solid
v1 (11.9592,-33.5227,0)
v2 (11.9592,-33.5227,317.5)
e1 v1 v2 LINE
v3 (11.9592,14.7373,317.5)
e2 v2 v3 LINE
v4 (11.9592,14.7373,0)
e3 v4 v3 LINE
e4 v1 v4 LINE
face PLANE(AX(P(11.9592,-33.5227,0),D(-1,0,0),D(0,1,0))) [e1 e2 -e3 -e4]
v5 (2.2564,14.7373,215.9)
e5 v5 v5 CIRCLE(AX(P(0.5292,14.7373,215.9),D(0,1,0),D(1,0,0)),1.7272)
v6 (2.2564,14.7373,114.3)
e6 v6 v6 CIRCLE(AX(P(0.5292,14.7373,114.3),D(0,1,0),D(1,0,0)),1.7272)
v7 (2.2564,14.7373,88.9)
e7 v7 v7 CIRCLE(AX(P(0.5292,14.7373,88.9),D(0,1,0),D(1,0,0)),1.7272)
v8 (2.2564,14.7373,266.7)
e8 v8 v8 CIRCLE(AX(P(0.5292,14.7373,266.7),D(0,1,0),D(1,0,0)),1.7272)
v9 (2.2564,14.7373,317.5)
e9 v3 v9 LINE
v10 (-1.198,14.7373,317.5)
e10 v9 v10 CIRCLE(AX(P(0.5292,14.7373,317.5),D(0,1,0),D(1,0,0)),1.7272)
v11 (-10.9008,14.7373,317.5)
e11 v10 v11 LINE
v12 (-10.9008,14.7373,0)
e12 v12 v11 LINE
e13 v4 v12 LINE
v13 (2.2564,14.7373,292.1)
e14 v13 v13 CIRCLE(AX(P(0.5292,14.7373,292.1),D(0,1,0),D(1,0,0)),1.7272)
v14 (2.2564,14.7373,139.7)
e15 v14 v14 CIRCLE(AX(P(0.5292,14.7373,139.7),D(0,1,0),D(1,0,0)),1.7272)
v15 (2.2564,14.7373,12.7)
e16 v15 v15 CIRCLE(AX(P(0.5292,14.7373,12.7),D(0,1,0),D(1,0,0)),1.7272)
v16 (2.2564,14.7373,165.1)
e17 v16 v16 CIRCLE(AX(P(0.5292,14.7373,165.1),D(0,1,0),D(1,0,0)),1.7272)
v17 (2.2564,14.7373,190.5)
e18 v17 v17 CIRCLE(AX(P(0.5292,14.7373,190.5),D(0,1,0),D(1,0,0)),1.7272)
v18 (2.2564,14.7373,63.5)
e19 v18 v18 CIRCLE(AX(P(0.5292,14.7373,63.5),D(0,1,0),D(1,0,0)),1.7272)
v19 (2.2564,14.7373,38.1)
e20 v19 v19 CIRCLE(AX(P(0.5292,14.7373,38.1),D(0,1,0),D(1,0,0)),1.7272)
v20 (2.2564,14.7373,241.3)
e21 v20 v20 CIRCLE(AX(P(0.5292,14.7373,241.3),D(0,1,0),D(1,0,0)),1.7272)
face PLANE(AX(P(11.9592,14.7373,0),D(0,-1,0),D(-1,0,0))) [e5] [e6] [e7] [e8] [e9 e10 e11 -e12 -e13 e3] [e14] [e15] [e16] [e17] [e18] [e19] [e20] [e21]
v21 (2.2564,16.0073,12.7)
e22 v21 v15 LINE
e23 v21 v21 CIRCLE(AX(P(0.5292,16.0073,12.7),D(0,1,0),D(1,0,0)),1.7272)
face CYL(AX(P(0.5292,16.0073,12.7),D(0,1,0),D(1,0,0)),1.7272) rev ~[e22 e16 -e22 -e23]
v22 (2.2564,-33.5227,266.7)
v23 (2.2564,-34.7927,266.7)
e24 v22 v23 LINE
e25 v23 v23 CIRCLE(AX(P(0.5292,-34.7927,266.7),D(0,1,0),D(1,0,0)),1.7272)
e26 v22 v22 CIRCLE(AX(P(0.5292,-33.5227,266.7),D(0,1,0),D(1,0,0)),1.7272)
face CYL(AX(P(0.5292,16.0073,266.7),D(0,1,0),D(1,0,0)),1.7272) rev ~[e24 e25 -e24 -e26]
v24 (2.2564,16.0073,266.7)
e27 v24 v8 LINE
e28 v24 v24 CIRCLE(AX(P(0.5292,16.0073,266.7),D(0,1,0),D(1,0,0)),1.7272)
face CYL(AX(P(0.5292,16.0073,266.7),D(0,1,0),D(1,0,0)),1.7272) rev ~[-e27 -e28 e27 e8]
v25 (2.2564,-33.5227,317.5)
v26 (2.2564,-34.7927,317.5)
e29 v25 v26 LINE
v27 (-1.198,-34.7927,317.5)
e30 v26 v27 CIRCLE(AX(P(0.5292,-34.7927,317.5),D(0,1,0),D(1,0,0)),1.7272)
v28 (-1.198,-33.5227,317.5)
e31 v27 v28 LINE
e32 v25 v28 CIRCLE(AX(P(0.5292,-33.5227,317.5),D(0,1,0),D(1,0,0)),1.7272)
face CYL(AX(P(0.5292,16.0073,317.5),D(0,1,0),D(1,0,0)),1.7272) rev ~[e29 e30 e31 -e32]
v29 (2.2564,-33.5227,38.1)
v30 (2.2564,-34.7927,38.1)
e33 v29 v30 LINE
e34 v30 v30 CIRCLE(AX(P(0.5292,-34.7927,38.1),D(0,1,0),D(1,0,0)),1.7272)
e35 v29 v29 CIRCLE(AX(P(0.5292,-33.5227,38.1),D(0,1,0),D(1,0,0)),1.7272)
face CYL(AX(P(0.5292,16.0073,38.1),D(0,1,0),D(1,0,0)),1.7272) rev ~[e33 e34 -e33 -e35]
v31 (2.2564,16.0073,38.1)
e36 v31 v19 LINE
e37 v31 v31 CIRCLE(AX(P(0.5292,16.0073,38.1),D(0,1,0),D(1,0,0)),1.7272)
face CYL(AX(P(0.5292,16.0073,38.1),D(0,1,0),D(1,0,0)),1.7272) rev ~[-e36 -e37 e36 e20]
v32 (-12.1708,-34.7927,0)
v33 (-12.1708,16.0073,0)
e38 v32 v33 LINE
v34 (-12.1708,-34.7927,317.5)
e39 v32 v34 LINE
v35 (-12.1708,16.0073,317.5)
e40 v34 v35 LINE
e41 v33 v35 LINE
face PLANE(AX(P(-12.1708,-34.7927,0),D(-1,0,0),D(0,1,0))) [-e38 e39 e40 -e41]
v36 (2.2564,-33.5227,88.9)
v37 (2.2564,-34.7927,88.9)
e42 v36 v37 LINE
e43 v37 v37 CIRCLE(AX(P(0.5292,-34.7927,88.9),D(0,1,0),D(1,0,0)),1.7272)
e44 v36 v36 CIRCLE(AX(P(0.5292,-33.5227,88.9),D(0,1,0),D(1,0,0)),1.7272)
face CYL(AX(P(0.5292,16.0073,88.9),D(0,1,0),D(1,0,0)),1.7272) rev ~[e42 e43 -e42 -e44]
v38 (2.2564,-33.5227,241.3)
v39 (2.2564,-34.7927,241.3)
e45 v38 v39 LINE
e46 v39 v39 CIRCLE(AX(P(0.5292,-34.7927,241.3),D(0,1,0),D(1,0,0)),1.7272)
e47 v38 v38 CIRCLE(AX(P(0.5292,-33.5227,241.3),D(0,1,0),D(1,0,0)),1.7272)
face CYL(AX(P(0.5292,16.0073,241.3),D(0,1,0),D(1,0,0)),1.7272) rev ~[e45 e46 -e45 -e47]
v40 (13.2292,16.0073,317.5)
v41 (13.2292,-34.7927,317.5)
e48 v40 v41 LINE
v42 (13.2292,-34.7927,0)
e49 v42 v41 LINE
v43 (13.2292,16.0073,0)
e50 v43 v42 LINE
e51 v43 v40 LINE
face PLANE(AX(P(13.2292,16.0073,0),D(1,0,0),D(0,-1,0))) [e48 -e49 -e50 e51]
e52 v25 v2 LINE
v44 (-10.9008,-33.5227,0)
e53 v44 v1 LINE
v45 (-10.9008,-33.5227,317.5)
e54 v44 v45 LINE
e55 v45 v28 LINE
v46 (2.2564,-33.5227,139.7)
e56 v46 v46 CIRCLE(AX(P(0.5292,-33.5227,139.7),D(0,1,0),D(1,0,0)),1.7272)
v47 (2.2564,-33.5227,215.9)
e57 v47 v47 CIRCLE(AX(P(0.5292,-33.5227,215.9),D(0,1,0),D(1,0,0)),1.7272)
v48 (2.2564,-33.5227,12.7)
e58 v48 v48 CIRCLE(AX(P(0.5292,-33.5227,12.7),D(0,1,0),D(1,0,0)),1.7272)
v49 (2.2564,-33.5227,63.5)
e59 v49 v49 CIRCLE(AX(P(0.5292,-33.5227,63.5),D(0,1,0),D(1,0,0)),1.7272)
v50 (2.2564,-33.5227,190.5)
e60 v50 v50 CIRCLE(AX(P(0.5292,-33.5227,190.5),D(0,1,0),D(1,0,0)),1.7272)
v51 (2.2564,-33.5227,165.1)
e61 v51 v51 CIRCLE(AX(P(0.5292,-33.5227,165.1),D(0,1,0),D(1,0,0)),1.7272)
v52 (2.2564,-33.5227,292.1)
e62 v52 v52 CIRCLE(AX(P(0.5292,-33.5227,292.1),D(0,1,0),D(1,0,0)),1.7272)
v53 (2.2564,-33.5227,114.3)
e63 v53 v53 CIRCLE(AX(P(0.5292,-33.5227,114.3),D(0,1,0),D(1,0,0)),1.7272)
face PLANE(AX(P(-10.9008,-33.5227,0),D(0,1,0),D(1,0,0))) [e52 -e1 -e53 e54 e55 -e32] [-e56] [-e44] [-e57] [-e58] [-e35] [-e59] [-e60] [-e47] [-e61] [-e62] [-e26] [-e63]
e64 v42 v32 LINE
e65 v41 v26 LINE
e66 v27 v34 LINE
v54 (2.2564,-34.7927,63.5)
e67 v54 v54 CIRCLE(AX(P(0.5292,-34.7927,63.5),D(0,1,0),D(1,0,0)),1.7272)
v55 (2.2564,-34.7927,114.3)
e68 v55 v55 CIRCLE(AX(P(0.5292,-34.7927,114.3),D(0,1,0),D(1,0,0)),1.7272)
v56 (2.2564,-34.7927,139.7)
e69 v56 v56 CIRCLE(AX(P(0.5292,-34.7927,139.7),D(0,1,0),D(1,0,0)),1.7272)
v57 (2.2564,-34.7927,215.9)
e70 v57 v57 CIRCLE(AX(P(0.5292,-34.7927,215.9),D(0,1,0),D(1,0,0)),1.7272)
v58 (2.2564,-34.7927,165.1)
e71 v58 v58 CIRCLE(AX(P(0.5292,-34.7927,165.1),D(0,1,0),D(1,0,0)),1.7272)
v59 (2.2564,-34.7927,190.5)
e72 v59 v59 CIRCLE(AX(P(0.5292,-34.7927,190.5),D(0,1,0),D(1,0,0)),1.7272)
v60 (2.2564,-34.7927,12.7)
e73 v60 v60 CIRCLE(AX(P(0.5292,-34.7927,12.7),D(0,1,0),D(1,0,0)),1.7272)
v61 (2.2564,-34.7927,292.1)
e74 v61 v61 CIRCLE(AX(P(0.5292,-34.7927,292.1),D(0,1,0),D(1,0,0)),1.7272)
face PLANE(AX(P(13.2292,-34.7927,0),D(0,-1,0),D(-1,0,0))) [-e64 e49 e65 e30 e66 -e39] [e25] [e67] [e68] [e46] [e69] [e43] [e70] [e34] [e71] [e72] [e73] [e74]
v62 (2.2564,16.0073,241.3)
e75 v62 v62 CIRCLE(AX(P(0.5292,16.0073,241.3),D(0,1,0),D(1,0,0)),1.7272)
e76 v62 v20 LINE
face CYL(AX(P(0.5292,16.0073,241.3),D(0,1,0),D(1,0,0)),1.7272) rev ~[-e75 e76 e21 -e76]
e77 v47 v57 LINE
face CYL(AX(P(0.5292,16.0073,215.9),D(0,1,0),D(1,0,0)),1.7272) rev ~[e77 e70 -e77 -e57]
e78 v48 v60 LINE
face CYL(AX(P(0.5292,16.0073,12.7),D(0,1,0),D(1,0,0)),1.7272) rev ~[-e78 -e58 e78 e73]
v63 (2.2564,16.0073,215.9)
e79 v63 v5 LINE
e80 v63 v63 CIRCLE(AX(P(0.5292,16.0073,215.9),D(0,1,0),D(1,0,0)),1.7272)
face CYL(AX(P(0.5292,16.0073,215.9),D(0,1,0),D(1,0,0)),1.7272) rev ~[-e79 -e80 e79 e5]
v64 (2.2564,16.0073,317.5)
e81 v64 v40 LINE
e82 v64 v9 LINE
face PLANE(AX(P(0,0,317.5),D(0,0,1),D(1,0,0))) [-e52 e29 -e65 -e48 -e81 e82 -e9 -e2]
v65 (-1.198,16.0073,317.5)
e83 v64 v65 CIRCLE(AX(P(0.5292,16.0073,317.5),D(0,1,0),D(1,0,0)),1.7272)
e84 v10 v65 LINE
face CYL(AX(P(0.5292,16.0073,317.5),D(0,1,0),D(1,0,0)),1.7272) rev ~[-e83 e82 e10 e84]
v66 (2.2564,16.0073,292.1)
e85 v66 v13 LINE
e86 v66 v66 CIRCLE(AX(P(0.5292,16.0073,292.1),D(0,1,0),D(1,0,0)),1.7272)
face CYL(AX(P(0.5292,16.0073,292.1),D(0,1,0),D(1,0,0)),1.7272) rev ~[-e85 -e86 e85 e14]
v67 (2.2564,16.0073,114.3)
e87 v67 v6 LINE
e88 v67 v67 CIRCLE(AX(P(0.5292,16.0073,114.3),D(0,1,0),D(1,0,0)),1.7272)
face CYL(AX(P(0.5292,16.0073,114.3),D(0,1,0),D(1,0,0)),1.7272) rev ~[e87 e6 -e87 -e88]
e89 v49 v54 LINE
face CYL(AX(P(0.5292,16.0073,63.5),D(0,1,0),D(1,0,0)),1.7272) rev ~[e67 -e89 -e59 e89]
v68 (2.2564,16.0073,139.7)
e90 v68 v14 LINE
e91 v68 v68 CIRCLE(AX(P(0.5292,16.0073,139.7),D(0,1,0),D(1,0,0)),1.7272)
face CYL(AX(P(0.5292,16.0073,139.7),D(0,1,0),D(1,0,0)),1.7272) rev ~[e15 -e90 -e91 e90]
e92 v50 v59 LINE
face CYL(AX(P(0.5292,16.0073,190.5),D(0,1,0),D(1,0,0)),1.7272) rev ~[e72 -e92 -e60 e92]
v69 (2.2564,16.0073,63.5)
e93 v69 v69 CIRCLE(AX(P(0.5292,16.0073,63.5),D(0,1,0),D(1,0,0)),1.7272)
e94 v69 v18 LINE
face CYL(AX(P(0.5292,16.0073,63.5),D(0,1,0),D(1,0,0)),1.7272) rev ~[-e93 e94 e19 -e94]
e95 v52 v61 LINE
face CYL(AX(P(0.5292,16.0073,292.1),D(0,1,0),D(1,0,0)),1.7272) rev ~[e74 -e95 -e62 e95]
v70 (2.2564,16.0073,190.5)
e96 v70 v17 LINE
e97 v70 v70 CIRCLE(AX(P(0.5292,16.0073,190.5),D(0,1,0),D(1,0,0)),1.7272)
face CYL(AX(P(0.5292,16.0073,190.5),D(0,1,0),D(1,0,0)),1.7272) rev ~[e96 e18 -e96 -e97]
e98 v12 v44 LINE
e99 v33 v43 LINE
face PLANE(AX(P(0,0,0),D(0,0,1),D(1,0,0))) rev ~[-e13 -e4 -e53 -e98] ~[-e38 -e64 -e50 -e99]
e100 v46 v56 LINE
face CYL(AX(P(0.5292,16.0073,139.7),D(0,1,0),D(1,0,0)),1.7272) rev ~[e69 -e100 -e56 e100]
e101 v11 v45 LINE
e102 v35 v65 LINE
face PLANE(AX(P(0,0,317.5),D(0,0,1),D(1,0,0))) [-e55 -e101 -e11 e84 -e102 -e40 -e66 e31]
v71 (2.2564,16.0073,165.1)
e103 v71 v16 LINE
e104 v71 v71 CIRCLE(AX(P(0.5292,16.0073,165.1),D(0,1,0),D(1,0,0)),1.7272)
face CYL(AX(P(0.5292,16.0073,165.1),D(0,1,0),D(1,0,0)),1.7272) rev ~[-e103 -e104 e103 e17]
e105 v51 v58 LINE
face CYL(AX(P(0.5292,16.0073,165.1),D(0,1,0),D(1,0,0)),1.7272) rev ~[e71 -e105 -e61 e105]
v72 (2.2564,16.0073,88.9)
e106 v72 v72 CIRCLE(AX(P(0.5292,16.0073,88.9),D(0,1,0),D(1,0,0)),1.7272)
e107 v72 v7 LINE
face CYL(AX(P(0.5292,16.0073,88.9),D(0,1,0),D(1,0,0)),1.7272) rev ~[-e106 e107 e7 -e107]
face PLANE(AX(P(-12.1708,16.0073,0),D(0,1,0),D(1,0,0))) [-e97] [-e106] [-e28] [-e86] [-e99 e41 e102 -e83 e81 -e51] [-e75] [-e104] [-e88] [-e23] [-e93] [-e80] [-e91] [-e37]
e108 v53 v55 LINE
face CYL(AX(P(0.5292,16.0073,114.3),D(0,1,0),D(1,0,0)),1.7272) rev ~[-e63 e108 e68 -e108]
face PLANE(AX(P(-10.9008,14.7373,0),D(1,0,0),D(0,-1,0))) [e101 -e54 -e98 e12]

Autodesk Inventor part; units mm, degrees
ref_plane "YZ Plane" through (0, 0, 0) normal (1, 0, 0) x (0, 1, 0)
ref_plane "XZ Plane" through (0, 0, 0) normal (0, 1, 0) x (-1, 0, 0)
ref_plane "XY Plane" through (0, 0, 0) normal (0, 0, 1) x (1, 0, 0)
sketch "Sketch1" plane through (0, 0, 0) normal (0, 0, 1) x (1, 0, 0)
  line L0 (-12.1708, 16.0073) -> (13.2292, 16.0073)
  line L1 (13.2292, 16.0073) -> (13.2292, -34.7927)
  line L2 (13.2292, -34.7927) -> (-12.1708, -34.7927)
  line L3 (-12.1708, -34.7927) -> (-12.1708, 16.0073)
  line L4 (11.9592, 14.7373) -> (-10.9008, 14.7373)
  line L5 (-10.9008, 14.7373) -> (-10.9008, -33.5227)
  line L6 (-10.9008, -33.5227) -> (11.9592, -33.5227)
  line L7 (11.9592, -33.5227) -> (11.9592, 14.7373)
  point P0 (0, 0)
  dimension "d0" = 25.4
  dimension "d1" = 50.8
  dimension "d2" = 1.27
extrude "Extrusion1" add sketch "Sketch1" along normal blind 317.5
sketch "Sketch2" plane through (-12.1708, 16.0073, 0) normal (0, 1, 0) x (1, 0, 0)
  circle A0 centre (12.7, -12.7) radius 1.7272
  line L0 (25.4, 0) -> (0, 0) projected
  line L1 (0, 0) -> (0, -317.5) projected
  point P0 (12.1708, 0)
  dimension "d5" = 3.4544
  dimension "d6" = 12.7
  dimension "d7" = 12.7
extrude "Extrusion2" cut sketch "Sketch2" against normal through all
pattern_linear "Rectangular Pattern1" count 32 spacing 25.4 along (0, 0, 1) of "Extrusion2"
equation "\"d3\" = d13"
equation "\"d10\" = d14"
equation "\"d13\" = 317.5"
equation "\"d14\" = d13"
properties part number "RailSupp2"
